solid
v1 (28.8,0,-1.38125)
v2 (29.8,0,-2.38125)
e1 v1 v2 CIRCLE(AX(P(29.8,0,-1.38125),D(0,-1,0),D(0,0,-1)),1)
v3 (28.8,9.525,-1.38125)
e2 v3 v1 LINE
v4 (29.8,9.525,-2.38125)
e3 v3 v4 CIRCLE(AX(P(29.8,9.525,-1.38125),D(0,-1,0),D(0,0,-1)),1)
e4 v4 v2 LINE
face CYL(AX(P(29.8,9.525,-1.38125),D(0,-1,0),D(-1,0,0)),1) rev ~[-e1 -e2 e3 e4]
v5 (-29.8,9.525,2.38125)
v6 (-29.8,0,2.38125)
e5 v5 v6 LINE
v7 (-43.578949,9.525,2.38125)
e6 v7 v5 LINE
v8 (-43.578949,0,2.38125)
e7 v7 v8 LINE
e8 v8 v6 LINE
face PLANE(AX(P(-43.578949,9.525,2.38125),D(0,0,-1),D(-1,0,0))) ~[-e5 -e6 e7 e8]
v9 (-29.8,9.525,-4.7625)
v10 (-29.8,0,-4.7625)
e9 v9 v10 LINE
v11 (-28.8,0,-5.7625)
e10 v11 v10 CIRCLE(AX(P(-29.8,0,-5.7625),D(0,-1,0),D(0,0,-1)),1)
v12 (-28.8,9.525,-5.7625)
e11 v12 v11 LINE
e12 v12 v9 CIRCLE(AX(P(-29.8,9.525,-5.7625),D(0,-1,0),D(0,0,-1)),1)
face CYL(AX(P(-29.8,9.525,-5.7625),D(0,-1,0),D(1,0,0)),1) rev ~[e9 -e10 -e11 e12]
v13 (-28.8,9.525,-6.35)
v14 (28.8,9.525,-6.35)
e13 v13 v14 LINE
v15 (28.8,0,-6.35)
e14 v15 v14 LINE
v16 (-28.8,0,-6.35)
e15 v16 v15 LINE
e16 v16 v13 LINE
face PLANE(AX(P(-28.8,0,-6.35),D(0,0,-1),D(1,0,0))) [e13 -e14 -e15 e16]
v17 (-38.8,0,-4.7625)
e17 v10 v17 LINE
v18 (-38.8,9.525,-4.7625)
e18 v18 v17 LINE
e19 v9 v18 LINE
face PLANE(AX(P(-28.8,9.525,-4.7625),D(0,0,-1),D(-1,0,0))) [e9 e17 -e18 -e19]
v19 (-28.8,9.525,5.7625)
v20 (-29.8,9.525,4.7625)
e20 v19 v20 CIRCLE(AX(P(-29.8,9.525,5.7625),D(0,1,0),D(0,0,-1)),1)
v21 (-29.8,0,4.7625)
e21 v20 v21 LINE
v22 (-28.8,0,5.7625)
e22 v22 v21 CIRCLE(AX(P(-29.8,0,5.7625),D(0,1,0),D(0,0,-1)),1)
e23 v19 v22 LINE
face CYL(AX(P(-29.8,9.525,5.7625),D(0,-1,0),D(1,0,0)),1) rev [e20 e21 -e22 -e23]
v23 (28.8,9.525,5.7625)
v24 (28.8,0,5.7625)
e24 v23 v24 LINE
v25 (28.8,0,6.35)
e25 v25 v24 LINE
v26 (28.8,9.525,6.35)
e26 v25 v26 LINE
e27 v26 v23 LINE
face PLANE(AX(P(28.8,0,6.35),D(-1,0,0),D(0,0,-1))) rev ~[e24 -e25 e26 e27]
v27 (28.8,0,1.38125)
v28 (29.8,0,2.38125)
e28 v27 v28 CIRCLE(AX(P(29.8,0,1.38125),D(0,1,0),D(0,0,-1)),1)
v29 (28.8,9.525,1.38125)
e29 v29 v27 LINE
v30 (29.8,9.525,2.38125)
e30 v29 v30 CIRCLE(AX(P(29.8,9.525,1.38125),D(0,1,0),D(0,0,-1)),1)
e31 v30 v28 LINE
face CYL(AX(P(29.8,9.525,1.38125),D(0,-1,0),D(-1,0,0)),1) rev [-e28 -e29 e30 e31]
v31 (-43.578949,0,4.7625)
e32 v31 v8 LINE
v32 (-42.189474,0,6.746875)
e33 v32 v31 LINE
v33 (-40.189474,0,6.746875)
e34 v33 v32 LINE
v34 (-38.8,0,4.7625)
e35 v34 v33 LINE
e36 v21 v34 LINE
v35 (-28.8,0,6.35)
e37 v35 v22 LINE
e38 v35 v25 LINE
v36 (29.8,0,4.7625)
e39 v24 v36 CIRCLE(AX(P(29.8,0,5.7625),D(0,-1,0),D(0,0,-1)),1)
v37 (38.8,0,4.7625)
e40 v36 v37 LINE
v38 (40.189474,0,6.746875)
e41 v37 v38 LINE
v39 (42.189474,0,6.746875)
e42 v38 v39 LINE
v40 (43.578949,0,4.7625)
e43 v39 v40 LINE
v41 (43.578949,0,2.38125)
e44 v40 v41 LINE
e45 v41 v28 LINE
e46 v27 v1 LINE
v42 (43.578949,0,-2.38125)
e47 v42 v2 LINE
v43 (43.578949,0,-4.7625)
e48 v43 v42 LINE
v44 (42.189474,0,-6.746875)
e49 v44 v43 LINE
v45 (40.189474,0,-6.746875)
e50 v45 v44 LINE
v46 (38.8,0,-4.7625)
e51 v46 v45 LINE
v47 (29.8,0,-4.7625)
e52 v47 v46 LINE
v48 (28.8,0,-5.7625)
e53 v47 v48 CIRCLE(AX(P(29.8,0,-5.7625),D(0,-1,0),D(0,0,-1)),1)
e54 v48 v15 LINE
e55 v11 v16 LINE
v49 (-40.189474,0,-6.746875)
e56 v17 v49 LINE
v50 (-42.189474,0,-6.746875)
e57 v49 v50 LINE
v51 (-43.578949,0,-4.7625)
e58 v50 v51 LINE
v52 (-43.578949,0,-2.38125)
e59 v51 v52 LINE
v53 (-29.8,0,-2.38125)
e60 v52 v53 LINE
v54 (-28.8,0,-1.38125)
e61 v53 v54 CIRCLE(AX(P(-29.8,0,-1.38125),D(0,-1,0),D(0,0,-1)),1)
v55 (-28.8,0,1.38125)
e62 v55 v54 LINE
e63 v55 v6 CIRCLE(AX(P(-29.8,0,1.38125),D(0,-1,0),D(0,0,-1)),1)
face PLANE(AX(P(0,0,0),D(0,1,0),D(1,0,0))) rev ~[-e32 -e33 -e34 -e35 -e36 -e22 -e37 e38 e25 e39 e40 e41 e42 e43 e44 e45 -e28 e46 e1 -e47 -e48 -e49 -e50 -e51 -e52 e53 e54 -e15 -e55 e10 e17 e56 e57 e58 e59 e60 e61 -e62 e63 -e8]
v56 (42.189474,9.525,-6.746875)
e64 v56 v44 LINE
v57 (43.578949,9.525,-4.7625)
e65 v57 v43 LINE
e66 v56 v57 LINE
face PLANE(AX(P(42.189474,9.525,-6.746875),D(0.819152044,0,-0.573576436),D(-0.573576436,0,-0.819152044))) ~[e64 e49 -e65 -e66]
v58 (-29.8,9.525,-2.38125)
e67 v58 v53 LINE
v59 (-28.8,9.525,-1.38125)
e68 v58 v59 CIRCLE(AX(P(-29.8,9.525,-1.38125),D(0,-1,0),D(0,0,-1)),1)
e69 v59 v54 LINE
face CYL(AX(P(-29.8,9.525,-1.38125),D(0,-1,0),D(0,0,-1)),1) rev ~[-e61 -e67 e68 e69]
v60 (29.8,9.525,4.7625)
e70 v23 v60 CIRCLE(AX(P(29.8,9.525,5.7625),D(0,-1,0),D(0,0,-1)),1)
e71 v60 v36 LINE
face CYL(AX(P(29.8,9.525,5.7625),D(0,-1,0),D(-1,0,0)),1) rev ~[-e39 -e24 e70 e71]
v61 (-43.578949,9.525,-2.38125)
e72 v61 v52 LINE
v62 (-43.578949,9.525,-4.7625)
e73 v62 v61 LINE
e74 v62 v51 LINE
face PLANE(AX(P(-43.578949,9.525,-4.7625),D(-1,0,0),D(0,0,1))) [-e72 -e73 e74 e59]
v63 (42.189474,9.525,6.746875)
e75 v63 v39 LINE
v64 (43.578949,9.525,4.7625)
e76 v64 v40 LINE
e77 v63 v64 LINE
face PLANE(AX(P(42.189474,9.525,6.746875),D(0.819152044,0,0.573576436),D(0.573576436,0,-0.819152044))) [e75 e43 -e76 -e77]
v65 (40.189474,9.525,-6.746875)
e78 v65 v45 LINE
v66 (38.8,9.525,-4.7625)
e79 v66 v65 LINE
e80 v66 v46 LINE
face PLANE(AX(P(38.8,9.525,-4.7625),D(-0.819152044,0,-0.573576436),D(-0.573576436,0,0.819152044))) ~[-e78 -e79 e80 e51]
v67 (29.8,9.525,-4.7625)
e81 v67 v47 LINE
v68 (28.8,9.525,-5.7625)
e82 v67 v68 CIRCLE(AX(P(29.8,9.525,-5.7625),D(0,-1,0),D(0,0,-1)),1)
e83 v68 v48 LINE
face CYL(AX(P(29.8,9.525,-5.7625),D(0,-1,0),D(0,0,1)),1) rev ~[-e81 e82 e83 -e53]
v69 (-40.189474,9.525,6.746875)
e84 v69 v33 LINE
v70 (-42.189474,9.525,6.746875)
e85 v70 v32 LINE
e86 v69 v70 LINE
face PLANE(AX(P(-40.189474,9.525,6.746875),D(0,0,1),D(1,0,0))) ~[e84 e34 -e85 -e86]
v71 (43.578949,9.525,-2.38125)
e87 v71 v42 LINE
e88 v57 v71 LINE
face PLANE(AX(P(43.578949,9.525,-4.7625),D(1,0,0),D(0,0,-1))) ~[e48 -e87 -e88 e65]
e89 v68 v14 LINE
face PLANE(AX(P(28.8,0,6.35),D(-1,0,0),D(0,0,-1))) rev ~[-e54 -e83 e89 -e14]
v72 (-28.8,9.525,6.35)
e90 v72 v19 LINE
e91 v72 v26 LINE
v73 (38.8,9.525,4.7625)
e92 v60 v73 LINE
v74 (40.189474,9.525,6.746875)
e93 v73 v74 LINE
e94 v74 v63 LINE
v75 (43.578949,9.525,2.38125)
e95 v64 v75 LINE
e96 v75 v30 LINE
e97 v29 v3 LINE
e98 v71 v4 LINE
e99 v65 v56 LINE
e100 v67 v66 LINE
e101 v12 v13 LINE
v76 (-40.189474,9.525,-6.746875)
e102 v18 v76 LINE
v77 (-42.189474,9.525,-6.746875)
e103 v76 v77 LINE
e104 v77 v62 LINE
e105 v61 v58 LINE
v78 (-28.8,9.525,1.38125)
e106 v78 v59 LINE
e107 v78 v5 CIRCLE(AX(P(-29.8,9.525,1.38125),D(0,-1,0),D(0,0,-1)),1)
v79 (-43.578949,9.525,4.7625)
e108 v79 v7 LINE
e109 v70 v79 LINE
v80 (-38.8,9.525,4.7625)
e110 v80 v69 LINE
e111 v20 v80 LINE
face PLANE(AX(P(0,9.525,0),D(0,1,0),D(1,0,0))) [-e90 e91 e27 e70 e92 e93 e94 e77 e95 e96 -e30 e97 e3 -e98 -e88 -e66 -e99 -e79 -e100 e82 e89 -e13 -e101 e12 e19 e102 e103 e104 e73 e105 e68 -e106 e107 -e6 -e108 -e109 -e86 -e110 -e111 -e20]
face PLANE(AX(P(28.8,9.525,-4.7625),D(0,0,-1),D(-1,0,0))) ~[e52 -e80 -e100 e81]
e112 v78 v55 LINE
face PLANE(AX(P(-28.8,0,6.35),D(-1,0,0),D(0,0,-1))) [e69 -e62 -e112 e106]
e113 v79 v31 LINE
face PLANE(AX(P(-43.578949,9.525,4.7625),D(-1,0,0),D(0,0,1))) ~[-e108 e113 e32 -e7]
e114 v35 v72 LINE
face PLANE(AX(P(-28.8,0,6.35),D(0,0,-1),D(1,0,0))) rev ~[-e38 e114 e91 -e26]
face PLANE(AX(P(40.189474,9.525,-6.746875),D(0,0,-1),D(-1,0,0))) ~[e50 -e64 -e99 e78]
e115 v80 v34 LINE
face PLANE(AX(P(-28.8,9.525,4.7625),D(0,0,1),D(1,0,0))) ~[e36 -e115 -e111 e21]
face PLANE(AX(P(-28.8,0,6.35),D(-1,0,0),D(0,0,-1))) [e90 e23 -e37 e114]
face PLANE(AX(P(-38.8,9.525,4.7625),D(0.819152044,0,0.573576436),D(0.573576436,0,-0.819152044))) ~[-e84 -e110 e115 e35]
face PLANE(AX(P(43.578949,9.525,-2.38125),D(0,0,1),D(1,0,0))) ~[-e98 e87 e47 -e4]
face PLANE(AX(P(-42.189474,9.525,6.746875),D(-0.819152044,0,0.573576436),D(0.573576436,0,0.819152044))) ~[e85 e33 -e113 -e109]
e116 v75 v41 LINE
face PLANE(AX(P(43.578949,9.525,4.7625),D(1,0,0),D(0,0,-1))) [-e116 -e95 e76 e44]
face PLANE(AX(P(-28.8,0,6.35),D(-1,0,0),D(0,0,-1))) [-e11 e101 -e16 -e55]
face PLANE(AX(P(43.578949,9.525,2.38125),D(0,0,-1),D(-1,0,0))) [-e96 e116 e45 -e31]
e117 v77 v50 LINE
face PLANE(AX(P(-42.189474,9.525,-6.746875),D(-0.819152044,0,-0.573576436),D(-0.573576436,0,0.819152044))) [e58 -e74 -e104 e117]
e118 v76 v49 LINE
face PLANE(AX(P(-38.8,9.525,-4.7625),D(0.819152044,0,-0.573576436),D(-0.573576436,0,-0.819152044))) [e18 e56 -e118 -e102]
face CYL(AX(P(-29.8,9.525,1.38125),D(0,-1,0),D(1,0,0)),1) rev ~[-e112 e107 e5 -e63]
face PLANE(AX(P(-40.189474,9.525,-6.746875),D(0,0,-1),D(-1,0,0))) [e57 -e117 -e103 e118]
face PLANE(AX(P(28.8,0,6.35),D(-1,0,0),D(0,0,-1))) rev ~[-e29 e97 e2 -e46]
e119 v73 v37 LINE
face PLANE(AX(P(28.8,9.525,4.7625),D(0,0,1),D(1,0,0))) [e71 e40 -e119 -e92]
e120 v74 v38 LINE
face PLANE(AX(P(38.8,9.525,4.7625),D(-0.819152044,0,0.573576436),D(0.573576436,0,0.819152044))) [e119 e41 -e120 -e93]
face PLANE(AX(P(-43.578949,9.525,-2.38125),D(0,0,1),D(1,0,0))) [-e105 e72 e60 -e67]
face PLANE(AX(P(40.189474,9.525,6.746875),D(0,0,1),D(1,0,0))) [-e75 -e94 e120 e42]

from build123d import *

# Parameters (mm, degrees)
SKETCH1_W            = 57.6
SKETCH1_H            = 12.7
BOSS_EXTRUDE1_DEPTH  = 9.525
BOSS_EXTRUDE2_DEPTH  = 9.525
MIRROR2_COPY_1_DEPTH = 9.525
FILLET1_R            = 1


with BuildPart() as part:
    # Sketch1 → Boss-Extrude1 (new body)
    with BuildSketch(Plane(origin=(0, 0, 0), x_dir=(1, 0, 0), z_dir=(0, 1, 0))):
        Rectangle(SKETCH1_W, SKETCH1_H)
    extrude(amount=BOSS_EXTRUDE1_DEPTH)

    # Sketch2 → Boss-Extrude2 (add)
    with BuildSketch(Plane(origin=(0, 9.525, 0), x_dir=(1, 0, 0), z_dir=(0, 1, 0))):
        Polygon((-28.8, 4.7625), (-38.8, 4.7625), (-40.189474334, 6.746875), (-42.189474334, 6.746875), (-43.578948667, 4.7625), (-43.578948667, 2.38125), (-28.8, 2.38125), align=None)
    boss_extrude2 = extrude(amount=-BOSS_EXTRUDE2_DEPTH)

    # Mirror1: Boss-Extrude2 across plane
    add(boss_extrude2.mirror(Plane(origin=(0, 0, 0), x_dir=(0, 0, 1), z_dir=(1, 0, 0))))

    # Mirror2: Boss-Extrude2 across plane
    add(boss_extrude2.mirror(Plane.XY))

    # Mirror2 copy 1 sketch → Mirror2 copy 1 (add)
    with BuildSketch(Plane(origin=(0, 9.525, 0), x_dir=(-1, 0, 0), z_dir=(0, 1, 0))):
        Polygon((-28.8, 4.7625), (-38.8, 4.7625), (-40.189474334, 6.746875), (-42.189474334, 6.746875), (-43.578948667, 4.7625), (-43.578948667, 2.38125), (-28.8, 2.38125), align=None)
    extrude(amount=-MIRROR2_COPY_1_DEPTH)

    # Fillet1
    fillet1_edges = [part.edges().sort_by_distance(p)[0] for p in [
        (-28.8, 4.7625, -4.7625),
        (-28.8, 4.7625, -2.38125),
        (28.8, 4.7625, -4.7625),
        (28.8, 4.7625, -2.38125),
        (-28.8, 4.7625, 4.7625),
        (-28.8, 4.7625, 2.38125),
        (28.8, 4.7625, 4.7625),
        (28.8, 4.7625, 2.38125),
    ]]
    fillet(fillet1_edges, radius=FILLET1_R)


solid = part.part
